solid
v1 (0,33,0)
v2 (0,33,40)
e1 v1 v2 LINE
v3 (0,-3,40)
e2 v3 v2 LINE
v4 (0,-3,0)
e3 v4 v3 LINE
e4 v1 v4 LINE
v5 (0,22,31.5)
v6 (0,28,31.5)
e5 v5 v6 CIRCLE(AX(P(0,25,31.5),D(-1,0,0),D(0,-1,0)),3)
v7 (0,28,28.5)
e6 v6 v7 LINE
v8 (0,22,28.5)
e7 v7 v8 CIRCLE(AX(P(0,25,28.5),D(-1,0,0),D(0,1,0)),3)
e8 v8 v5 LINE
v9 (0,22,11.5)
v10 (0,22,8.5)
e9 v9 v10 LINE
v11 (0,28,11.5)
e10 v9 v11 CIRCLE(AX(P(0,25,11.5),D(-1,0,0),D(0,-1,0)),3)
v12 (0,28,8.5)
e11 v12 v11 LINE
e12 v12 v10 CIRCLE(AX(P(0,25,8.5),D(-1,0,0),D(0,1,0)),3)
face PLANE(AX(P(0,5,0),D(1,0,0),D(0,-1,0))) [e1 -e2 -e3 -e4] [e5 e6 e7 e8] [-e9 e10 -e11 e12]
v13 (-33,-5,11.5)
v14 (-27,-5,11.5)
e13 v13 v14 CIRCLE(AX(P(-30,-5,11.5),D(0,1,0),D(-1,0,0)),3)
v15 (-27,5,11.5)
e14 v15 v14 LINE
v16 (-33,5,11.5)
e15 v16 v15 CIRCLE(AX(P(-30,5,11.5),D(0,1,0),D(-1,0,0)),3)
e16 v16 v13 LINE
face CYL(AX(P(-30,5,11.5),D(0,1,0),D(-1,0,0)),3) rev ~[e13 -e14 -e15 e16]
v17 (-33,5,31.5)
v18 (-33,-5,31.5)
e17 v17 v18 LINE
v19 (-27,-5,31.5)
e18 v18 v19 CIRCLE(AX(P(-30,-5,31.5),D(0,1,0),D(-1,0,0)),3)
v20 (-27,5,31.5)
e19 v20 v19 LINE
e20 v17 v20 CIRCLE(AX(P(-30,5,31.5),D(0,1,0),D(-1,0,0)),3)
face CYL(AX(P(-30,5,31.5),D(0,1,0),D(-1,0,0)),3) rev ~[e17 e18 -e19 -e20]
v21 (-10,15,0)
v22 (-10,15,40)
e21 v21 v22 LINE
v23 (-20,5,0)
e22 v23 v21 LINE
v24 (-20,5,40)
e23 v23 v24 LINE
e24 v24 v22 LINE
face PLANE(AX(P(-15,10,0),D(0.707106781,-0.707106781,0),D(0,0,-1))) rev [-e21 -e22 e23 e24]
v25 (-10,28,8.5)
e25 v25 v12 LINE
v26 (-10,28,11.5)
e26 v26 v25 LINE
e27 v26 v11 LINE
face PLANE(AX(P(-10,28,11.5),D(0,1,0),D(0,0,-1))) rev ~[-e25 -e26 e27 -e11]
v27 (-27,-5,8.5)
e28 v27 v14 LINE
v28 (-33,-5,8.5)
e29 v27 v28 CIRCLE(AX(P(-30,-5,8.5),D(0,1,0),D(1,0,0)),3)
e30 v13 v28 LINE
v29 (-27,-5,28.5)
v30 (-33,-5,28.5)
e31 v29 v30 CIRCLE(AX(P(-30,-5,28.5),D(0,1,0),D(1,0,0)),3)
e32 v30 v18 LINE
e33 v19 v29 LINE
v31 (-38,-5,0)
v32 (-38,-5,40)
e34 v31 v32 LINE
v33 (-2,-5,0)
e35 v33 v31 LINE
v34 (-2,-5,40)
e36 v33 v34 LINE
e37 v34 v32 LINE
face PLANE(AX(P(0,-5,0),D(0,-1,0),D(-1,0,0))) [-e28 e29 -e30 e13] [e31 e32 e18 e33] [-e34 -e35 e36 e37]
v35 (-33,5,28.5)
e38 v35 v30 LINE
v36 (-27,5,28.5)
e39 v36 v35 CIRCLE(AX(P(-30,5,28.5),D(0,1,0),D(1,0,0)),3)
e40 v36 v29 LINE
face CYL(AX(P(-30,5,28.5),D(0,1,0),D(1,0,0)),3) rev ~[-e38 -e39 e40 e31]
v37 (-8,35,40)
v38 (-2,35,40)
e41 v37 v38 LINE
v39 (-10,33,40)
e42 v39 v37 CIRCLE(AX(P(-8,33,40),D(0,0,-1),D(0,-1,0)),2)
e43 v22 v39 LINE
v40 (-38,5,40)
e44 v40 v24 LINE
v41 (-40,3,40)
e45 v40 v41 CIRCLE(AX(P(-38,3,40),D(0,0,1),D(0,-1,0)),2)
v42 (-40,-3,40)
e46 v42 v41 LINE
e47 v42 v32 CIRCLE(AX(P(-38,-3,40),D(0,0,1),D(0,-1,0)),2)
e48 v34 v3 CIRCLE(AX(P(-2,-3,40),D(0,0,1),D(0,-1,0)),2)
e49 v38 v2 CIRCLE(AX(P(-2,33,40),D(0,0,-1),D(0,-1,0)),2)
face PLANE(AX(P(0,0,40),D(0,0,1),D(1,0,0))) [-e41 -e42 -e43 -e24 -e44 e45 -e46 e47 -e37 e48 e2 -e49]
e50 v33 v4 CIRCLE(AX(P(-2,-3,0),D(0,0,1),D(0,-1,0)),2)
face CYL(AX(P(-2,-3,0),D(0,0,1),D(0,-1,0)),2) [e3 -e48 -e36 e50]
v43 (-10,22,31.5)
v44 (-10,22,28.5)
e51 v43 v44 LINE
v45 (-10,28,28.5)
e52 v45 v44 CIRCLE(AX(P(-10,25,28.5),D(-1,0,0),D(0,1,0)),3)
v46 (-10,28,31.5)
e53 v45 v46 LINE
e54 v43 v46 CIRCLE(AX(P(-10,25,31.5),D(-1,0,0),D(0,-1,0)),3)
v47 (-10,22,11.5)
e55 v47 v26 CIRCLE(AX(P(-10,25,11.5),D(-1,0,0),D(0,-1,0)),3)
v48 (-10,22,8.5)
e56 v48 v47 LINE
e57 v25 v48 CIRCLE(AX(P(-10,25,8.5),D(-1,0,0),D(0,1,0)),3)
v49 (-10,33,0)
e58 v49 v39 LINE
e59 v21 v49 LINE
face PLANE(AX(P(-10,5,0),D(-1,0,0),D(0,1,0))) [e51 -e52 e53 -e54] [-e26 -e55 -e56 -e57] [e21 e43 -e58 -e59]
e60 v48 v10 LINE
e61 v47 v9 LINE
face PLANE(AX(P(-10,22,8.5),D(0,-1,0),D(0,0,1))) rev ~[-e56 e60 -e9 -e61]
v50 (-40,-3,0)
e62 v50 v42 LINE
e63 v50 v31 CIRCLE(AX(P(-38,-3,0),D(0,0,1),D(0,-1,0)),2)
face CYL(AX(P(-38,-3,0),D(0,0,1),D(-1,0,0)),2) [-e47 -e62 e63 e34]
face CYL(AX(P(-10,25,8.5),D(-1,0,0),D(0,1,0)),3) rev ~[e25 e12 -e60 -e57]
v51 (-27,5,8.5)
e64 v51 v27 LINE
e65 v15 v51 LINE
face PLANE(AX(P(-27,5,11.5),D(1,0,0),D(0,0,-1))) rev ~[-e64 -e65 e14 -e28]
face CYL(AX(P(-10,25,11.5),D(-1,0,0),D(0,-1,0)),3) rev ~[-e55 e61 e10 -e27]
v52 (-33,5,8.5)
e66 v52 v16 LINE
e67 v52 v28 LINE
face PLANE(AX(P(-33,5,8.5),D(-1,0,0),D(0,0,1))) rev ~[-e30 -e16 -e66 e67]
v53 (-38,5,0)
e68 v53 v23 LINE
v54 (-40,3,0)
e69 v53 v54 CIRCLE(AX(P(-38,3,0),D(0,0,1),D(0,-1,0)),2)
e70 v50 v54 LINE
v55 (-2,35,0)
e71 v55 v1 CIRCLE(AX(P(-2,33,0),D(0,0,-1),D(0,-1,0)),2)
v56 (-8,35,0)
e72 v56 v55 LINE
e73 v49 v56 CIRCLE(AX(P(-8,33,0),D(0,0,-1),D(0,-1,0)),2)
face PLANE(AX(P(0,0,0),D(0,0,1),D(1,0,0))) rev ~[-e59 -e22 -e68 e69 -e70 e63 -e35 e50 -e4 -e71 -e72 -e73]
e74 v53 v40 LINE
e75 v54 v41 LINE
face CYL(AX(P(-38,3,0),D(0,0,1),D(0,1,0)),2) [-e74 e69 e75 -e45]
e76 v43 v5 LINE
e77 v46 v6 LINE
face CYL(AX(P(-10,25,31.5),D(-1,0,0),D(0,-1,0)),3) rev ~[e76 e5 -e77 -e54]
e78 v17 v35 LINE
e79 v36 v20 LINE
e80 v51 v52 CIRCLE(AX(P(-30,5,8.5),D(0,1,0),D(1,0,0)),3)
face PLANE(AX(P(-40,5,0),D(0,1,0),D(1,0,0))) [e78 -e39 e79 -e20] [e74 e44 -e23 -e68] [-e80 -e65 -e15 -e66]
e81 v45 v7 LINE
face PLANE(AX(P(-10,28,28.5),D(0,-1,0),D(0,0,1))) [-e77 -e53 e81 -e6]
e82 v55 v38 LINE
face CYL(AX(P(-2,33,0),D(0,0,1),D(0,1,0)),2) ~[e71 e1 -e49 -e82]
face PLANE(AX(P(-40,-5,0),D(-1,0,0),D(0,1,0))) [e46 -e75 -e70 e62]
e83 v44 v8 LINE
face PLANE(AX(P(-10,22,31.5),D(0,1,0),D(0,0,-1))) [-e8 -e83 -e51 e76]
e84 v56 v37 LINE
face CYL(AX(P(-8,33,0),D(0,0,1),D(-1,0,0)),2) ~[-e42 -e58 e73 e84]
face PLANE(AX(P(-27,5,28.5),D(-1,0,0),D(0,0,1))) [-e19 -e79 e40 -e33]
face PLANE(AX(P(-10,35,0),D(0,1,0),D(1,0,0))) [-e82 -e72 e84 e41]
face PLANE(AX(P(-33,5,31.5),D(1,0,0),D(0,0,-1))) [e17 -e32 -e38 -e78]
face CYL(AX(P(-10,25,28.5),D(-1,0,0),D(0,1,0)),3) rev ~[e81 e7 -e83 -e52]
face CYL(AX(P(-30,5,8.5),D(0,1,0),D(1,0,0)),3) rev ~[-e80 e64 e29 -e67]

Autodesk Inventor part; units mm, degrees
ref_plane "YZ Plane" through (0, 0, 0) normal (1, 0, 0) x (0, 1, 0)
ref_plane "XZ Plane" through (0, 0, 0) normal (0, 1, 0) x (-1, 0, 0)
ref_plane "XY Plane" through (0, 0, 0) normal (0, 0, 1) x (1, 0, 0)
sketch "Sketch1" plane through (0, 0, 0) normal (0, 0, 1) x (1, 0, 0)
  line L0 (-40, 5) -> (0, 5)
  line L1 (0, 5) -> (0, -5)
  line L2 (0, -5) -> (-40, -5)
  line L3 (-40, -5) -> (-40, 5)
  line L4 (-10, 35) -> (0, 35)
  line L5 (0, 35) -> (0, 5)
  line L6 (0, 5) -> (-10, 5)
  line L7 (-10, 5) -> (-10, 35)
  point P0 (0, 0)
  point P1 (0, 5)
  dimension "d0" = 10
  dimension "d1" = 40
  dimension "d2" = 40
extrude "Extrusion1" add sketch "Sketch1" along normal blind 40
sketch "Sketch2" plane through (-10, 5, 0) normal (-1, 0, 0) x (0, 0, 1)
  line L0 (8.5, 20) -> (11.5, 20) construction
  line L1 (8.5, 17) -> (11.5, 17)
  line L2 (11.5, 23) -> (8.5, 23)
  arc A0 (8.5, 23) -> (8.5, 17) centre (8.5, 20) ccw
  arc A1 (11.5, 17) -> (11.5, 23) centre (11.5, 20) ccw
  line L3 (0, 30) -> (0, 0) projected
  line L4 (0, 30) -> (40, 30) projected
  line L5 (20, 21.547) -> (20, 15) construction
  line L6 (31.5, 20) -> (28.5, 20) construction
  line L7 (31.5, 17) -> (28.5, 17)
  line L8 (28.5, 23) -> (31.5, 23)
  arc A2 (31.5, 17) -> (31.5, 23) centre (31.5, 20) ccw
  arc A3 (28.5, 23) -> (28.5, 17) centre (28.5, 20) ccw
  point P0 (0, -5)
  point P1 (10, 20)
  point P2 (20, 18.2735)
  point P3 (20, 30)
  point P4 (30, 20)
  dimension "d5" = 6
  dimension "d6" = 3
  dimension "d7" = 10
  dimension "d8" = 10
extrude "Extrusion2" cut sketch "Sketch2" against normal through all
sketch "Sketch3" plane through (-40, 5, 0) normal (0, 1, 0) x (1, 0, 0)
  line L0 (10, -8.5) -> (10, -11.5) construction
  line L1 (7, -8.5) -> (7, -11.5)
  line L2 (13, -11.5) -> (13, -8.5)
  arc A0 (13, -8.5) -> (7, -8.5) centre (10, -8.5) ccw
  arc A1 (7, -11.5) -> (13, -11.5) centre (10, -11.5) ccw
  line L3 (30, 0) -> (0, 0) projected
  line L4 (0, 0) -> (0, -40) projected
  line L5 (15.2557, -20) -> (9.287, -20) construction
  line L6 (10, -31.5) -> (10, -28.5) construction
  line L7 (7, -31.5) -> (7, -28.5)
  line L8 (13, -28.5) -> (13, -31.5)
  arc A2 (7, -31.5) -> (13, -31.5) centre (10, -31.5) ccw
  arc A3 (13, -28.5) -> (7, -28.5) centre (10, -28.5) ccw
  point P0 (40, 0)
  point P1 (10, -10)
  point P2 (12.2713, -20)
  point P3 (0, -20)
  point P4 (10, -30)
  dimension "d11" = 3
  dimension "d12" = 6
  dimension "d13" = 10
  dimension "d14" = 10
extrude "Extrusion3" cut sketch "Sketch3" against normal through all
chamfer "Chamfer1" distance 10 angle 45 1 edges at (-10, 5, 20)
fillet "Fillet1" radius 2 5 edges at (-10, 35, 20) (0, 35, 20) (0, -5, 20) (-40, -5, 20) (-40, 5, 20)
equation "\"d2\" = d1"
properties part number "0008-10-022 Suport L" material "ABS Plastic"
